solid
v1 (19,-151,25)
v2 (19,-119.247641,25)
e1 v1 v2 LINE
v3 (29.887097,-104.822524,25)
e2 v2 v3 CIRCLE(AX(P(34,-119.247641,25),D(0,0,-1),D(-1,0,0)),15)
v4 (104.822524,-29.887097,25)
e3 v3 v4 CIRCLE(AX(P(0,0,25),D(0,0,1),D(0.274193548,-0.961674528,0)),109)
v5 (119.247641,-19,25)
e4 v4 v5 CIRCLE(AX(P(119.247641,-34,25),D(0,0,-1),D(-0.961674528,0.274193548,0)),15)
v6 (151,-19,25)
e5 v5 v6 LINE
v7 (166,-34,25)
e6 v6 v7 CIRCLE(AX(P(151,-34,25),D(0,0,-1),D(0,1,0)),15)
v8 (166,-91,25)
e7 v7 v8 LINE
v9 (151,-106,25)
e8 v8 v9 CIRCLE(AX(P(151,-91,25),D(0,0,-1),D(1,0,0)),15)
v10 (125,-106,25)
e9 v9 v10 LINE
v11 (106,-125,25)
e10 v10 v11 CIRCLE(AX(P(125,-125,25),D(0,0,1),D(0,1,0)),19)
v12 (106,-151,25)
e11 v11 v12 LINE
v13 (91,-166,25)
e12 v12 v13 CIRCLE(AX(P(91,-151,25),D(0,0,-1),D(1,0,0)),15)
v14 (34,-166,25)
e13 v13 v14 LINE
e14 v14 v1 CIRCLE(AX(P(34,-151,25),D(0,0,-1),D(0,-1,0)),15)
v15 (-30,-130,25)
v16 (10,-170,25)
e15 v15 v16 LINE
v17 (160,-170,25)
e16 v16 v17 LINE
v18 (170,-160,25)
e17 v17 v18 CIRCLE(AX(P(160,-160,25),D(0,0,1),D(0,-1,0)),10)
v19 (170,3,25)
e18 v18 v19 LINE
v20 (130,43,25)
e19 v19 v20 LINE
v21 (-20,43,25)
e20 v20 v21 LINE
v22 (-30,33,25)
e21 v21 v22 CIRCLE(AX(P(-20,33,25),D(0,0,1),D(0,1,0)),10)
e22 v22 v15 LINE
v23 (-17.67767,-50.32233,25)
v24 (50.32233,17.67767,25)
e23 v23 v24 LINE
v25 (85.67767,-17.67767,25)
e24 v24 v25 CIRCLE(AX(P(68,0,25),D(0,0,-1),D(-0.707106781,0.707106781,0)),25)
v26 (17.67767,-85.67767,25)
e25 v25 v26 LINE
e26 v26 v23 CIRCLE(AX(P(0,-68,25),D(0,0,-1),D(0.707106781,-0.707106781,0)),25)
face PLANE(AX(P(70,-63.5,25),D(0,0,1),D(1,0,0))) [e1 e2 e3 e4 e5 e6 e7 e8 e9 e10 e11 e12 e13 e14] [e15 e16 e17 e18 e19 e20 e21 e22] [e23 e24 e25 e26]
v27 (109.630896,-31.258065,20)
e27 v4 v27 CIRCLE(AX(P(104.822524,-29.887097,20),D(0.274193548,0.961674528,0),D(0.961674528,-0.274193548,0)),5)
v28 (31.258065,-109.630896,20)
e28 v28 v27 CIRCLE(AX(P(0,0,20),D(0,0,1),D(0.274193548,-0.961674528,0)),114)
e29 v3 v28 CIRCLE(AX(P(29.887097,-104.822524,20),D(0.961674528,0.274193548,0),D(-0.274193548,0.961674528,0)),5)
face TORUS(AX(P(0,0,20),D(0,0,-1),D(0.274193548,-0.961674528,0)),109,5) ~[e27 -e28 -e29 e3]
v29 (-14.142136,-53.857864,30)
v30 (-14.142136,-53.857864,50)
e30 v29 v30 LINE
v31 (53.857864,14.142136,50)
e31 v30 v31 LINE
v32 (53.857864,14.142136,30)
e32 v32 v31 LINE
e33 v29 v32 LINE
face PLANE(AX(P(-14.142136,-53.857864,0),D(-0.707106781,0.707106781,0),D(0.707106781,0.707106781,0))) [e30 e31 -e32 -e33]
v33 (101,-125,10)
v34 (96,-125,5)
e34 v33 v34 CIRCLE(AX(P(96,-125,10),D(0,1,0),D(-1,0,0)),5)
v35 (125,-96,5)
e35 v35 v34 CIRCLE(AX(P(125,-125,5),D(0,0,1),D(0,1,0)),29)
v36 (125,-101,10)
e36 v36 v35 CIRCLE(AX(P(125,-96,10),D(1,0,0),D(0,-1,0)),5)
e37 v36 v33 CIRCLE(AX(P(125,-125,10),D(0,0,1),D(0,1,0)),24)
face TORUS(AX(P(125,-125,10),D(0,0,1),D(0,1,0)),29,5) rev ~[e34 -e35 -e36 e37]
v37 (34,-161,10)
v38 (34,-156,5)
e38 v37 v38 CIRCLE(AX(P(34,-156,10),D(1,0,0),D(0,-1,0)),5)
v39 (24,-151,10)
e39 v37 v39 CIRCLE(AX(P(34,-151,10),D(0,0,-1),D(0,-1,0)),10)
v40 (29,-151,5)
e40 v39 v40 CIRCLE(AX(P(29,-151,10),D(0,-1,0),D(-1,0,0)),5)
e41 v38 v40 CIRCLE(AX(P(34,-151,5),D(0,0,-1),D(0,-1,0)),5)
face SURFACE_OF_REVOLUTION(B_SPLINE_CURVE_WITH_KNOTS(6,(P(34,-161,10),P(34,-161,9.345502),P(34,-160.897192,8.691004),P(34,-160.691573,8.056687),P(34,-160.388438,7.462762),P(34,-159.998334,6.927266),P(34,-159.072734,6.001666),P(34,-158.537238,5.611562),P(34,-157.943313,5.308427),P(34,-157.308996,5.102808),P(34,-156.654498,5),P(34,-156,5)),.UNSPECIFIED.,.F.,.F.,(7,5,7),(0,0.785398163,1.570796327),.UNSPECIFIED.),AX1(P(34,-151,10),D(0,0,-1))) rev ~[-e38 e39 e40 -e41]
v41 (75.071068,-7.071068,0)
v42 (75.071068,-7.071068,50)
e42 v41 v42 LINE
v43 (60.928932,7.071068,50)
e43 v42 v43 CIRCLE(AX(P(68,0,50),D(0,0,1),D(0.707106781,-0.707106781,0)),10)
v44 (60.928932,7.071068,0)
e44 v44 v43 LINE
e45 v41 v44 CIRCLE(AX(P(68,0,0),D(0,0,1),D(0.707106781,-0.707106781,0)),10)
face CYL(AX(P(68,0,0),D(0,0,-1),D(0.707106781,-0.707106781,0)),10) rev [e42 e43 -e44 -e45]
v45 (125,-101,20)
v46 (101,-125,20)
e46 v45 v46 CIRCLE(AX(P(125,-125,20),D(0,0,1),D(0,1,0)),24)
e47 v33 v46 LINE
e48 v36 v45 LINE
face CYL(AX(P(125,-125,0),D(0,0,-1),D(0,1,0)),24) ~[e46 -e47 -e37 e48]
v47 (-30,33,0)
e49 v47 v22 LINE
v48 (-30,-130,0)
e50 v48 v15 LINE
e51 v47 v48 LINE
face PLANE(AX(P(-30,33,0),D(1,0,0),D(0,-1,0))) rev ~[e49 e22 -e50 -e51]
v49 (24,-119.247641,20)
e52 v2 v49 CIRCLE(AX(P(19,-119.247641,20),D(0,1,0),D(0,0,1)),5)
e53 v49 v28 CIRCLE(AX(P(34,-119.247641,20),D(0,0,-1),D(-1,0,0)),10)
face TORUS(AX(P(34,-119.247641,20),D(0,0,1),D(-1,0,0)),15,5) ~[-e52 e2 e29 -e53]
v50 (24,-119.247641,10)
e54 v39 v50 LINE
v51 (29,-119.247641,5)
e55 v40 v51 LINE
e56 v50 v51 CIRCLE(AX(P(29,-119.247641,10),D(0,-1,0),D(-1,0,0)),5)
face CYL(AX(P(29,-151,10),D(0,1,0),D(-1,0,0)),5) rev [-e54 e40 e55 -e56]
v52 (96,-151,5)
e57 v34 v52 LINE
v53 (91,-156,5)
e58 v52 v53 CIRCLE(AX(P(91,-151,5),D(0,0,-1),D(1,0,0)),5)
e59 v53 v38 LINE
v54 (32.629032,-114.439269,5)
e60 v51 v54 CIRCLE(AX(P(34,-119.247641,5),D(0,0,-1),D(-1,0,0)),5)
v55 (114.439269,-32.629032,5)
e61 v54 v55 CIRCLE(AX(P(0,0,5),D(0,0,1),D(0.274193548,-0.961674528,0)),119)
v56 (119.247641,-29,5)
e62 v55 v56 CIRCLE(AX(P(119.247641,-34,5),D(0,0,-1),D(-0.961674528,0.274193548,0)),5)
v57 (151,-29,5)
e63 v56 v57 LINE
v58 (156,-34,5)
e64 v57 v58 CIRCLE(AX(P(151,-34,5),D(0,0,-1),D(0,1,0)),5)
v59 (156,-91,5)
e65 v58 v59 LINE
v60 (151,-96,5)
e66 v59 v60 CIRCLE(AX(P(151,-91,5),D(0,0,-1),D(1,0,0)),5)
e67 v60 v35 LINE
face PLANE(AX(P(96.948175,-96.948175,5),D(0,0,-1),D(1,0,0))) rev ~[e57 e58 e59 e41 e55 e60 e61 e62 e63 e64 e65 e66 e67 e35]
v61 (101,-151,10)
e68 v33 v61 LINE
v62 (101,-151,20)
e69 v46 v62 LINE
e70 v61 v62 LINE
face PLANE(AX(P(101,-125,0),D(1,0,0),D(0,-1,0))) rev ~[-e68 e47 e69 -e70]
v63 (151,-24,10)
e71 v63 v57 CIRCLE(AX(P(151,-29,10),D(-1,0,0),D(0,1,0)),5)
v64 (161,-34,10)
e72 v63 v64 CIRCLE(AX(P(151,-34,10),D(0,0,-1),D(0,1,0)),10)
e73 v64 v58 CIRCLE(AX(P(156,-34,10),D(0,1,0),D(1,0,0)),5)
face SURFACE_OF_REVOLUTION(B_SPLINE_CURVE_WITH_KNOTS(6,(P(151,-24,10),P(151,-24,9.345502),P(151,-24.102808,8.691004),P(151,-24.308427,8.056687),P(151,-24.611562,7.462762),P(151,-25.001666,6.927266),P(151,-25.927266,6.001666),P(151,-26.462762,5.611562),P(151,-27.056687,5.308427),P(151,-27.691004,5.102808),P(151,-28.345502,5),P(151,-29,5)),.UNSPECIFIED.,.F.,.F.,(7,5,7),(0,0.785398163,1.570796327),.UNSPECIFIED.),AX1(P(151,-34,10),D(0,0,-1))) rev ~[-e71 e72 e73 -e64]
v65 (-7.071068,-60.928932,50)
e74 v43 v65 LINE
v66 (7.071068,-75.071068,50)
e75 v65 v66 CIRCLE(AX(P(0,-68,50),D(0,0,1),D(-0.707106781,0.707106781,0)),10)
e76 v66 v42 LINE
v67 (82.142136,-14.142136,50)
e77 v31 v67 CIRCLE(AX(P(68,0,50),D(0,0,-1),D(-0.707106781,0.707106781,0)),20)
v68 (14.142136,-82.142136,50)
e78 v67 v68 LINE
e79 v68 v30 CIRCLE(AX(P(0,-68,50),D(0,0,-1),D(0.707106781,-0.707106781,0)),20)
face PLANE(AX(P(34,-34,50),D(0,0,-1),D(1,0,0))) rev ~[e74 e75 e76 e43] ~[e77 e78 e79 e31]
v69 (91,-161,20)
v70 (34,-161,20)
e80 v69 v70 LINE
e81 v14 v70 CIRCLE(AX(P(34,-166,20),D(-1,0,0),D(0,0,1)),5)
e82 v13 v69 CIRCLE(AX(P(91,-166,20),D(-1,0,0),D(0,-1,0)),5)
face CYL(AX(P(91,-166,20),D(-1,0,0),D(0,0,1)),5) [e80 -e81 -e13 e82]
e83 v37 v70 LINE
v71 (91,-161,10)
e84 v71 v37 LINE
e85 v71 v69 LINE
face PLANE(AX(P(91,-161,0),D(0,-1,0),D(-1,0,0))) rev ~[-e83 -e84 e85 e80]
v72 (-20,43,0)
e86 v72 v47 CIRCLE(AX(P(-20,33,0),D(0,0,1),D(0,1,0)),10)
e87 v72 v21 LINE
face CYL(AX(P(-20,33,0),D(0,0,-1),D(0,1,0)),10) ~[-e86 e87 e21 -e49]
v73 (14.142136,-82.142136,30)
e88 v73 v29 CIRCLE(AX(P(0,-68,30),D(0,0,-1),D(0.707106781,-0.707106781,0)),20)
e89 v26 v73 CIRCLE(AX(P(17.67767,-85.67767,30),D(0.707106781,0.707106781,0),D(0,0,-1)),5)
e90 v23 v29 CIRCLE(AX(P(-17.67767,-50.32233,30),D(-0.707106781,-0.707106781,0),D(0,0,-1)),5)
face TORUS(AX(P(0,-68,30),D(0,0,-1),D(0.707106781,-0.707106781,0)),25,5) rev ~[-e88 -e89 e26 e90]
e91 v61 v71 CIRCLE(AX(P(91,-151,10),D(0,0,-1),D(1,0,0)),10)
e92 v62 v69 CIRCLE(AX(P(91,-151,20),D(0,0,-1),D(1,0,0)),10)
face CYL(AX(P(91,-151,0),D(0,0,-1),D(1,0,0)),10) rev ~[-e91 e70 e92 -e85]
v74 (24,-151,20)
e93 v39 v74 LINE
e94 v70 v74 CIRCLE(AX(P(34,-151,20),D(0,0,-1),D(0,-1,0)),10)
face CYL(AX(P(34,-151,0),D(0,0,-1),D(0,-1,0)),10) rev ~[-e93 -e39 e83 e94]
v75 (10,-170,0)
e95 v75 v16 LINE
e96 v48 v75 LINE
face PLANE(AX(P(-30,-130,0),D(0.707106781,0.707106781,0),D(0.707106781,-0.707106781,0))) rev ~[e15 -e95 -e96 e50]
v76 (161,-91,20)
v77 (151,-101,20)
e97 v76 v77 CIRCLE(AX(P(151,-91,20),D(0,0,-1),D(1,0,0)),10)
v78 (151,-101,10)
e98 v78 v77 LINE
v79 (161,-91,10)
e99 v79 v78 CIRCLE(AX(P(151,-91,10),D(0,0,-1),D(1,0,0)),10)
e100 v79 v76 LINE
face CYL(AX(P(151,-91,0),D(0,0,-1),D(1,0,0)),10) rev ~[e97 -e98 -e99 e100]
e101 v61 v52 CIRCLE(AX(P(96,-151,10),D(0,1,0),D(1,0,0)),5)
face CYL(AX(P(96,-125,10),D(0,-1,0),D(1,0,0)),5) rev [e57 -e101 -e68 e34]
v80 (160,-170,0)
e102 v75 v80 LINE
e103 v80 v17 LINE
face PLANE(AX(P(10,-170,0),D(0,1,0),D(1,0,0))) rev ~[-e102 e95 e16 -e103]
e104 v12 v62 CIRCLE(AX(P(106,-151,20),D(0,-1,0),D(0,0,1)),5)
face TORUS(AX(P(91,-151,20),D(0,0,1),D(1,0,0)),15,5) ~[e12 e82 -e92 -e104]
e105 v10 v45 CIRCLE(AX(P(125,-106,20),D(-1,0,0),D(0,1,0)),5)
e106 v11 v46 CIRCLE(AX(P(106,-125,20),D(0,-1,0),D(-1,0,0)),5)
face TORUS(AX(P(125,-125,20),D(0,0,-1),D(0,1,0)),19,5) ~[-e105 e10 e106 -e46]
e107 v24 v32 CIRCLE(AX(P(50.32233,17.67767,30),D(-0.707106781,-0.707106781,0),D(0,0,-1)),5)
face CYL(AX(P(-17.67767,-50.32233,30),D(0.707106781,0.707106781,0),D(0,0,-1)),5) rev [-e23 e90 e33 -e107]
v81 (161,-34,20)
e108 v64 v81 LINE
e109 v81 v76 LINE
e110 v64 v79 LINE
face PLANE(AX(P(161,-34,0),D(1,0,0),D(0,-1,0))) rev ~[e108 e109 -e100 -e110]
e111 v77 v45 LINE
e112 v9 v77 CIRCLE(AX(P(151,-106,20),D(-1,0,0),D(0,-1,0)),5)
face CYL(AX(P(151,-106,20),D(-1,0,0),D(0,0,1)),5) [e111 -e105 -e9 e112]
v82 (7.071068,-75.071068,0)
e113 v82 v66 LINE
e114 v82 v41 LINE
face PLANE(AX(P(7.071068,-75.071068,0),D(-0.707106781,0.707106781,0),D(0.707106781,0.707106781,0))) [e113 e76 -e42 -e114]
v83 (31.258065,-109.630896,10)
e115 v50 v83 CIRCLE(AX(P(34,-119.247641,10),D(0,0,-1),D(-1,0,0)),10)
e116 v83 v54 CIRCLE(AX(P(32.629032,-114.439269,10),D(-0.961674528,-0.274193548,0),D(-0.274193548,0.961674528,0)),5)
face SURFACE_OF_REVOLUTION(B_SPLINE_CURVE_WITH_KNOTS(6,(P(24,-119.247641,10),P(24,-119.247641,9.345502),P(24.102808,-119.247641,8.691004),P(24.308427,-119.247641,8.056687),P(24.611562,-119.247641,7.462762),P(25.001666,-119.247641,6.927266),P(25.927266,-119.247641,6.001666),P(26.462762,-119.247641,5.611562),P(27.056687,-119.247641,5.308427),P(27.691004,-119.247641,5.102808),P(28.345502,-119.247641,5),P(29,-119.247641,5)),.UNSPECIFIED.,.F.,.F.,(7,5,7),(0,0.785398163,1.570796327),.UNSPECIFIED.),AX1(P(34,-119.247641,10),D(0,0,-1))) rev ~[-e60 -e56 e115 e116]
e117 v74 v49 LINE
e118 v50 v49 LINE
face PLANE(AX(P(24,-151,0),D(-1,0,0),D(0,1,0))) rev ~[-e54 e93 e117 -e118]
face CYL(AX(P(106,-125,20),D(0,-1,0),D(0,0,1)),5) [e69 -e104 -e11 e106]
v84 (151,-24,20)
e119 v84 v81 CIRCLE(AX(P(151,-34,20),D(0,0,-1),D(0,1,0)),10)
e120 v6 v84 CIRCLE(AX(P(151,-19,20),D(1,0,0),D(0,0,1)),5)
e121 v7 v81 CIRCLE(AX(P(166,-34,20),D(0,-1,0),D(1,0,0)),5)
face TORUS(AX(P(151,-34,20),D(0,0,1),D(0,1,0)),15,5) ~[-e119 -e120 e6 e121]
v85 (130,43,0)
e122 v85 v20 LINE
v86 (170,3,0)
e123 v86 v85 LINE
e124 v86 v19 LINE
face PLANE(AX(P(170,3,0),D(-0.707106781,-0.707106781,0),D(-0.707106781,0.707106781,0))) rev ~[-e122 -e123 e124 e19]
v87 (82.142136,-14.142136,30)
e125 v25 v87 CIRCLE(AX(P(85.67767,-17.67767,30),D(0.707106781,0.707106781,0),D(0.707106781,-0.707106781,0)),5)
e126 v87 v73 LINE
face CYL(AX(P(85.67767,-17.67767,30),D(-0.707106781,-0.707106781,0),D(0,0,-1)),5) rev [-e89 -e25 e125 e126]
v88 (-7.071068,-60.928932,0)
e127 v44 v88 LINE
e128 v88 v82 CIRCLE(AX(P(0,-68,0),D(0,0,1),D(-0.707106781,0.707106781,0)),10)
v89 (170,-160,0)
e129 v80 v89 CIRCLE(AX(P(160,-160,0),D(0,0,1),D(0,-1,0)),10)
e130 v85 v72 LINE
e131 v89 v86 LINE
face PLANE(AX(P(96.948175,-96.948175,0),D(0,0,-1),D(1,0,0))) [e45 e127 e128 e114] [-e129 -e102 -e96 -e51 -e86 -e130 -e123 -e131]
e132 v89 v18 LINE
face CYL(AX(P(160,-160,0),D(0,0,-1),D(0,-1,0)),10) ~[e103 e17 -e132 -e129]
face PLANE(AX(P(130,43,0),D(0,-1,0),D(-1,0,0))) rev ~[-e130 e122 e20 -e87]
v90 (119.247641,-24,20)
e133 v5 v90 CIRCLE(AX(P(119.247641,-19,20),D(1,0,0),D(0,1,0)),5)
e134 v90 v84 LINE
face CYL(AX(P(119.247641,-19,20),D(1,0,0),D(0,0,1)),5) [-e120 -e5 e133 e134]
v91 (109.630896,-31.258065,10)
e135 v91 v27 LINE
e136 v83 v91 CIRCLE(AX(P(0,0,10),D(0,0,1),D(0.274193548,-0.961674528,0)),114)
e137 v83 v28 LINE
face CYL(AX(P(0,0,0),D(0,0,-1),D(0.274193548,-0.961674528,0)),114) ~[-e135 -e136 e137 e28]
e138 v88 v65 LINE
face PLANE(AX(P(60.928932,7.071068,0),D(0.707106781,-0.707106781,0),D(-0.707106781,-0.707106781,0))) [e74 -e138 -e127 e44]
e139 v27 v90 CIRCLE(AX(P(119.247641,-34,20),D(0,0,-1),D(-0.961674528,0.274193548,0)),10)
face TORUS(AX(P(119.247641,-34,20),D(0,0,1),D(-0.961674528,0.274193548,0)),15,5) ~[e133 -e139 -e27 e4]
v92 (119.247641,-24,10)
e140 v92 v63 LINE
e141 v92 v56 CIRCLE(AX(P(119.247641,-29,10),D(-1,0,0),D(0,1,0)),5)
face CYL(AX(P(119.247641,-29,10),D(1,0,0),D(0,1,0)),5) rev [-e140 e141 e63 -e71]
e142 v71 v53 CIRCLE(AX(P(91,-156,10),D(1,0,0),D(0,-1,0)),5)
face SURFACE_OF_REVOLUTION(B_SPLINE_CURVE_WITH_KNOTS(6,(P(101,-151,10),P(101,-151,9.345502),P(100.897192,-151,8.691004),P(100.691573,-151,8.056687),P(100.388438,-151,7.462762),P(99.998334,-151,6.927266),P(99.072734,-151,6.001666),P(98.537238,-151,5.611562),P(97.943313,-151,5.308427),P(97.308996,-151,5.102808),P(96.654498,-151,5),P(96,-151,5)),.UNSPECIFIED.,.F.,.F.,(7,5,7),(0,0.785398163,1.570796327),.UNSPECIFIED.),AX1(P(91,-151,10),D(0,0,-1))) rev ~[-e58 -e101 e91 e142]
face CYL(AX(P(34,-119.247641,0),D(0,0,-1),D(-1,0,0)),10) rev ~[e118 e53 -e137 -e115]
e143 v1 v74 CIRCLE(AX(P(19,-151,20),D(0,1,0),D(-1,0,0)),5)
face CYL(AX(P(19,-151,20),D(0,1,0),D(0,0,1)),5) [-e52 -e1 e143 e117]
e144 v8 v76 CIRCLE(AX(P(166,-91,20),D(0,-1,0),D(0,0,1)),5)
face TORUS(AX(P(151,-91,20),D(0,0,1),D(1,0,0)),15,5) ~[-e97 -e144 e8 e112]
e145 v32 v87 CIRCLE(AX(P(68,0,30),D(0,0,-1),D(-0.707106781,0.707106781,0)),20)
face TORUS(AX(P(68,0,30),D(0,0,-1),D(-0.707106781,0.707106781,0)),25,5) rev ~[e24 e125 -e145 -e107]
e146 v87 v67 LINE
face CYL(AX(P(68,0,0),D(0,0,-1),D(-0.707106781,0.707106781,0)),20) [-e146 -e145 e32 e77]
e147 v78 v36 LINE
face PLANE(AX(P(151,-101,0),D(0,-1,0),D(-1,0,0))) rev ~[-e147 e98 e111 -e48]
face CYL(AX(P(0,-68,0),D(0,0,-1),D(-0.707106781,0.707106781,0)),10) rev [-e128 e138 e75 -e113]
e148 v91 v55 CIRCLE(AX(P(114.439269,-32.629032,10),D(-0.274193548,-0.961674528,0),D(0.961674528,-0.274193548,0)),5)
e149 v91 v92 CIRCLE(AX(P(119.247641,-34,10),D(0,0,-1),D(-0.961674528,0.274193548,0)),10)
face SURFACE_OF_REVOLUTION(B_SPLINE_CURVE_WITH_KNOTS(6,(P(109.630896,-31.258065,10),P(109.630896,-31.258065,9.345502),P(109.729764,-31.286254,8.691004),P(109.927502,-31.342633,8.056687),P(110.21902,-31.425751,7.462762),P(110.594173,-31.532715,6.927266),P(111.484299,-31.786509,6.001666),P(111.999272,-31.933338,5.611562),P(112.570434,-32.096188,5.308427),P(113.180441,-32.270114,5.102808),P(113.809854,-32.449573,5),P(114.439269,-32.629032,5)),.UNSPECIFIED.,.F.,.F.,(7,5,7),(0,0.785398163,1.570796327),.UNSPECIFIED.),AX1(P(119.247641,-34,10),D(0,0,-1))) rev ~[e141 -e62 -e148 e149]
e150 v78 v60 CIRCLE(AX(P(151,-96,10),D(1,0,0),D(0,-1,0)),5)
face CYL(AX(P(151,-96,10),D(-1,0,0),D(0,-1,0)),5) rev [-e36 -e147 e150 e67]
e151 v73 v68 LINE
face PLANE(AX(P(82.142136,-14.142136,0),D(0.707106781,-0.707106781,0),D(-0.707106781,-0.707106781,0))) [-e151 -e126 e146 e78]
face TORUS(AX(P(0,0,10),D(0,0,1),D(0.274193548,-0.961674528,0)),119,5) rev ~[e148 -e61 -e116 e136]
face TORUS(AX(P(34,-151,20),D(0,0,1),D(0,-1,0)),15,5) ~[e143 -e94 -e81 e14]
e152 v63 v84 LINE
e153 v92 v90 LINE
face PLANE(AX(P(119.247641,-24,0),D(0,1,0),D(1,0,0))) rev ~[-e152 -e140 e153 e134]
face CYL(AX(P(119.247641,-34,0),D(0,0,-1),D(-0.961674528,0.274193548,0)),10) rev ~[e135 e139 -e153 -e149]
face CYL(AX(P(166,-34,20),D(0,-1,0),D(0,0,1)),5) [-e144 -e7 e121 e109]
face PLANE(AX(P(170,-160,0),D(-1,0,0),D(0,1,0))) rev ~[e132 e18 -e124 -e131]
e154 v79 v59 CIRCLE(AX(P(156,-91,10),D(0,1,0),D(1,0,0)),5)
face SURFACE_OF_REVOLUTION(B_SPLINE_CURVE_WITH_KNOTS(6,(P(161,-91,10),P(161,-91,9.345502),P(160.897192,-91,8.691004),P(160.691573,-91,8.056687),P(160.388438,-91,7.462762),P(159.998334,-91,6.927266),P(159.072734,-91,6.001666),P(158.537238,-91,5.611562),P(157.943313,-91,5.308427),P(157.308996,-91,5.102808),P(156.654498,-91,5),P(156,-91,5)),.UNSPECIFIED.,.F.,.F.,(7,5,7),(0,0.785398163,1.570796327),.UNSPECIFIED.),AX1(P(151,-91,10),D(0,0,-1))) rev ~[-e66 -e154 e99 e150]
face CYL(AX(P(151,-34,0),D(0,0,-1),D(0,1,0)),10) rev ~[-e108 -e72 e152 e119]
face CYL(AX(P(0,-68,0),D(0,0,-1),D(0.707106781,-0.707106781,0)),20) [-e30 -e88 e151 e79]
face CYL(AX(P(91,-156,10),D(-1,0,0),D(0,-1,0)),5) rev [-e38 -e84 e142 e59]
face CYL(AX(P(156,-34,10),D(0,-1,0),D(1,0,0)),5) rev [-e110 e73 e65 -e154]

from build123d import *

# Parameters (mm, degrees)
F1_DEPTH = 25
F3_DEPTH = 5
F4_DEPTH = 50
F5_R     = 5


with BuildPart() as f1:
    # F0 (on Top) → F1 (new body)
    with BuildSketch(Plane.XY):
        with BuildLine():
            Line((170, -160), (170, 3))
            Line((170, 3), (130, 43))
            Line((130, 43), (-20, 43))
            ThreePointArc((-20, 43), (-27.0710678119, 40.0710678119), (-30, 33))
            Line((-30, 33), (-30, -130))
            Line((-30, -130), (10, -170))
            Line((10, -170), (160, -170))
            ThreePointArc((160, -170), (167.0710678119, -167.0710678119), (170, -160))
        make_face()
        with BuildLine():
            ThreePointArc((24, -119.2476414861), (26.018165786, -113.2234965193), (31.2580645161, -109.630896205))
            ThreePointArc((31.2580645161, -109.630896205), (80.6101730553, -80.6101730553), (109.630896205, -31.2580645161))
            ThreePointArc((109.630896205, -31.2580645161), (113.2234965193, -26.018165786), (119.2476414861, -24))
            Line((119.2476414861, -24), (151, -24))
            ThreePointArc((151, -24), (158.0710678119, -26.9289321881), (161, -34))
            Line((161, -34), (161, -91))
            ThreePointArc((161, -91), (158.0710678119, -98.0710678119), (151, -101))
            Line((151, -101), (125, -101))
            ThreePointArc((125, -101), (108.0294372515, -108.0294372515), (101, -125))
            Line((101, -125), (101, -151))
            ThreePointArc((101, -151), (98.0710678119, -158.0710678119), (91, -161))
            Line((91, -161), (34, -161))
            ThreePointArc((34, -161), (26.9289321881, -158.0710678119), (24, -151))
            Line((24, -151), (24, -119.2476414861))
        make_face(mode=Mode.SUBTRACT)
        with BuildLine():
            ThreePointArc((53.8578643763, 14.1421356237), (82.1421356237, 14.1421356237), (82.1421356237, -14.1421356237))
            Line((82.1421356237, -14.1421356237), (14.1421356237, -82.1421356237))
            ThreePointArc((14.1421356237, -82.1421356237), (-14.1421356237, -82.1421356237), (-14.1421356237, -53.8578643763))
            Line((-14.1421356237, -53.8578643763), (53.8578643763, 14.1421356237))
        make_face(mode=Mode.SUBTRACT)
    extrude(amount=F1_DEPTH)

    # F2 (on face) → F3 (join)
    with BuildSketch(Plane(origin=(0, 0, 0), x_dir=(1, 0, 0), z_dir=(0, 0, -1))):
        with BuildLine():
            ThreePointArc((34, 161), (26.9289321881, 158.0710678119), (24, 151))
            Line((24, 151), (24, 119.2476414861))
            ThreePointArc((24, 119.2476414861), (26.018165786, 113.2234965193), (31.2580645161, 109.630896205))
            ThreePointArc((31.2580645161, 109.630896205), (80.6101730553, 80.6101730553), (109.630896205, 31.2580645161))
            ThreePointArc((109.630896205, 31.2580645161), (113.2234965193, 26.018165786), (119.2476414861, 24))
            Line((119.2476414861, 24), (151, 24))
            ThreePointArc((151, 24), (158.0710678119, 26.9289321881), (161, 34))
            Line((161, 34), (161, 91))
            ThreePointArc((161, 91), (158.0710678119, 98.0710678119), (151, 101))
            Line((151, 101), (125, 101))
            ThreePointArc((125, 101), (108.0294372515, 108.0294372515), (101, 125))
            Line((101, 125), (101, 151))
            ThreePointArc((101, 151), (98.0710678119, 158.0710678119), (91, 161))
            Line((91, 161), (34, 161))
        make_face()
    extrude(amount=-F3_DEPTH)

    # F2 (on face) → F4 (join)
    with BuildSketch(Plane(origin=(0, 0, 0), x_dir=(1, 0, 0), z_dir=(0, 0, -1))):
        with BuildLine():
            ThreePointArc((14.1421356237, 82.1421356237), (-14.1421356237, 82.1421356237), (-14.1421356237, 53.8578643763))
            Line((-14.1421356237, 53.8578643763), (53.8578643763, -14.1421356237))
            ThreePointArc((53.8578643763, -14.1421356237), (82.1421356237, -14.1421356237), (82.1421356237, 14.1421356237))
            Line((82.1421356237, 14.1421356237), (14.1421356237, 82.1421356237))
        make_face()
        with BuildLine():
            Line((60.9289321881, -7.0710678119), (-7.0710678119, 60.9289321881))
            ThreePointArc((-7.0710678119, 60.9289321881), (-7.0710678119, 75.0710678119), (7.0710678119, 75.0710678119))
            Line((7.0710678119, 75.0710678119), (75.0710678119, 7.0710678119))
            ThreePointArc((75.0710678119, 7.0710678119), (75.0710678119, -7.0710678119), (60.9289321881, -7.0710678119))
        make_face(mode=Mode.SUBTRACT)
    extrude(amount=-F4_DEPTH)

    # F5
    f5_edges = [f1.edges().sort_by_distance(p)[0] for p in [
        (19.857864, -19.857864, 25),
        (26.928932, -158.071068, 5),
        (24, -135.123821, 5),
        (26.018166, -113.223497, 5),
        (80.610173, -80.610173, 5),
        (113.223497, -26.018166, 5),
        (135.123821, -24, 5),
        (158.071068, -26.928932, 5),
        (161, -62.5, 5),
        (158.071068, -98.071068, 5),
        (138, -101, 5),
        (108.029437, -108.029437, 5),
        (101, -138, 5),
        (98.071068, -158.071068, 5),
        (62.5, -161, 5),
        (108.029437, -108.029437, 25),
    ]]
    fillet(f5_edges, radius=F5_R)


solid = f1.part
